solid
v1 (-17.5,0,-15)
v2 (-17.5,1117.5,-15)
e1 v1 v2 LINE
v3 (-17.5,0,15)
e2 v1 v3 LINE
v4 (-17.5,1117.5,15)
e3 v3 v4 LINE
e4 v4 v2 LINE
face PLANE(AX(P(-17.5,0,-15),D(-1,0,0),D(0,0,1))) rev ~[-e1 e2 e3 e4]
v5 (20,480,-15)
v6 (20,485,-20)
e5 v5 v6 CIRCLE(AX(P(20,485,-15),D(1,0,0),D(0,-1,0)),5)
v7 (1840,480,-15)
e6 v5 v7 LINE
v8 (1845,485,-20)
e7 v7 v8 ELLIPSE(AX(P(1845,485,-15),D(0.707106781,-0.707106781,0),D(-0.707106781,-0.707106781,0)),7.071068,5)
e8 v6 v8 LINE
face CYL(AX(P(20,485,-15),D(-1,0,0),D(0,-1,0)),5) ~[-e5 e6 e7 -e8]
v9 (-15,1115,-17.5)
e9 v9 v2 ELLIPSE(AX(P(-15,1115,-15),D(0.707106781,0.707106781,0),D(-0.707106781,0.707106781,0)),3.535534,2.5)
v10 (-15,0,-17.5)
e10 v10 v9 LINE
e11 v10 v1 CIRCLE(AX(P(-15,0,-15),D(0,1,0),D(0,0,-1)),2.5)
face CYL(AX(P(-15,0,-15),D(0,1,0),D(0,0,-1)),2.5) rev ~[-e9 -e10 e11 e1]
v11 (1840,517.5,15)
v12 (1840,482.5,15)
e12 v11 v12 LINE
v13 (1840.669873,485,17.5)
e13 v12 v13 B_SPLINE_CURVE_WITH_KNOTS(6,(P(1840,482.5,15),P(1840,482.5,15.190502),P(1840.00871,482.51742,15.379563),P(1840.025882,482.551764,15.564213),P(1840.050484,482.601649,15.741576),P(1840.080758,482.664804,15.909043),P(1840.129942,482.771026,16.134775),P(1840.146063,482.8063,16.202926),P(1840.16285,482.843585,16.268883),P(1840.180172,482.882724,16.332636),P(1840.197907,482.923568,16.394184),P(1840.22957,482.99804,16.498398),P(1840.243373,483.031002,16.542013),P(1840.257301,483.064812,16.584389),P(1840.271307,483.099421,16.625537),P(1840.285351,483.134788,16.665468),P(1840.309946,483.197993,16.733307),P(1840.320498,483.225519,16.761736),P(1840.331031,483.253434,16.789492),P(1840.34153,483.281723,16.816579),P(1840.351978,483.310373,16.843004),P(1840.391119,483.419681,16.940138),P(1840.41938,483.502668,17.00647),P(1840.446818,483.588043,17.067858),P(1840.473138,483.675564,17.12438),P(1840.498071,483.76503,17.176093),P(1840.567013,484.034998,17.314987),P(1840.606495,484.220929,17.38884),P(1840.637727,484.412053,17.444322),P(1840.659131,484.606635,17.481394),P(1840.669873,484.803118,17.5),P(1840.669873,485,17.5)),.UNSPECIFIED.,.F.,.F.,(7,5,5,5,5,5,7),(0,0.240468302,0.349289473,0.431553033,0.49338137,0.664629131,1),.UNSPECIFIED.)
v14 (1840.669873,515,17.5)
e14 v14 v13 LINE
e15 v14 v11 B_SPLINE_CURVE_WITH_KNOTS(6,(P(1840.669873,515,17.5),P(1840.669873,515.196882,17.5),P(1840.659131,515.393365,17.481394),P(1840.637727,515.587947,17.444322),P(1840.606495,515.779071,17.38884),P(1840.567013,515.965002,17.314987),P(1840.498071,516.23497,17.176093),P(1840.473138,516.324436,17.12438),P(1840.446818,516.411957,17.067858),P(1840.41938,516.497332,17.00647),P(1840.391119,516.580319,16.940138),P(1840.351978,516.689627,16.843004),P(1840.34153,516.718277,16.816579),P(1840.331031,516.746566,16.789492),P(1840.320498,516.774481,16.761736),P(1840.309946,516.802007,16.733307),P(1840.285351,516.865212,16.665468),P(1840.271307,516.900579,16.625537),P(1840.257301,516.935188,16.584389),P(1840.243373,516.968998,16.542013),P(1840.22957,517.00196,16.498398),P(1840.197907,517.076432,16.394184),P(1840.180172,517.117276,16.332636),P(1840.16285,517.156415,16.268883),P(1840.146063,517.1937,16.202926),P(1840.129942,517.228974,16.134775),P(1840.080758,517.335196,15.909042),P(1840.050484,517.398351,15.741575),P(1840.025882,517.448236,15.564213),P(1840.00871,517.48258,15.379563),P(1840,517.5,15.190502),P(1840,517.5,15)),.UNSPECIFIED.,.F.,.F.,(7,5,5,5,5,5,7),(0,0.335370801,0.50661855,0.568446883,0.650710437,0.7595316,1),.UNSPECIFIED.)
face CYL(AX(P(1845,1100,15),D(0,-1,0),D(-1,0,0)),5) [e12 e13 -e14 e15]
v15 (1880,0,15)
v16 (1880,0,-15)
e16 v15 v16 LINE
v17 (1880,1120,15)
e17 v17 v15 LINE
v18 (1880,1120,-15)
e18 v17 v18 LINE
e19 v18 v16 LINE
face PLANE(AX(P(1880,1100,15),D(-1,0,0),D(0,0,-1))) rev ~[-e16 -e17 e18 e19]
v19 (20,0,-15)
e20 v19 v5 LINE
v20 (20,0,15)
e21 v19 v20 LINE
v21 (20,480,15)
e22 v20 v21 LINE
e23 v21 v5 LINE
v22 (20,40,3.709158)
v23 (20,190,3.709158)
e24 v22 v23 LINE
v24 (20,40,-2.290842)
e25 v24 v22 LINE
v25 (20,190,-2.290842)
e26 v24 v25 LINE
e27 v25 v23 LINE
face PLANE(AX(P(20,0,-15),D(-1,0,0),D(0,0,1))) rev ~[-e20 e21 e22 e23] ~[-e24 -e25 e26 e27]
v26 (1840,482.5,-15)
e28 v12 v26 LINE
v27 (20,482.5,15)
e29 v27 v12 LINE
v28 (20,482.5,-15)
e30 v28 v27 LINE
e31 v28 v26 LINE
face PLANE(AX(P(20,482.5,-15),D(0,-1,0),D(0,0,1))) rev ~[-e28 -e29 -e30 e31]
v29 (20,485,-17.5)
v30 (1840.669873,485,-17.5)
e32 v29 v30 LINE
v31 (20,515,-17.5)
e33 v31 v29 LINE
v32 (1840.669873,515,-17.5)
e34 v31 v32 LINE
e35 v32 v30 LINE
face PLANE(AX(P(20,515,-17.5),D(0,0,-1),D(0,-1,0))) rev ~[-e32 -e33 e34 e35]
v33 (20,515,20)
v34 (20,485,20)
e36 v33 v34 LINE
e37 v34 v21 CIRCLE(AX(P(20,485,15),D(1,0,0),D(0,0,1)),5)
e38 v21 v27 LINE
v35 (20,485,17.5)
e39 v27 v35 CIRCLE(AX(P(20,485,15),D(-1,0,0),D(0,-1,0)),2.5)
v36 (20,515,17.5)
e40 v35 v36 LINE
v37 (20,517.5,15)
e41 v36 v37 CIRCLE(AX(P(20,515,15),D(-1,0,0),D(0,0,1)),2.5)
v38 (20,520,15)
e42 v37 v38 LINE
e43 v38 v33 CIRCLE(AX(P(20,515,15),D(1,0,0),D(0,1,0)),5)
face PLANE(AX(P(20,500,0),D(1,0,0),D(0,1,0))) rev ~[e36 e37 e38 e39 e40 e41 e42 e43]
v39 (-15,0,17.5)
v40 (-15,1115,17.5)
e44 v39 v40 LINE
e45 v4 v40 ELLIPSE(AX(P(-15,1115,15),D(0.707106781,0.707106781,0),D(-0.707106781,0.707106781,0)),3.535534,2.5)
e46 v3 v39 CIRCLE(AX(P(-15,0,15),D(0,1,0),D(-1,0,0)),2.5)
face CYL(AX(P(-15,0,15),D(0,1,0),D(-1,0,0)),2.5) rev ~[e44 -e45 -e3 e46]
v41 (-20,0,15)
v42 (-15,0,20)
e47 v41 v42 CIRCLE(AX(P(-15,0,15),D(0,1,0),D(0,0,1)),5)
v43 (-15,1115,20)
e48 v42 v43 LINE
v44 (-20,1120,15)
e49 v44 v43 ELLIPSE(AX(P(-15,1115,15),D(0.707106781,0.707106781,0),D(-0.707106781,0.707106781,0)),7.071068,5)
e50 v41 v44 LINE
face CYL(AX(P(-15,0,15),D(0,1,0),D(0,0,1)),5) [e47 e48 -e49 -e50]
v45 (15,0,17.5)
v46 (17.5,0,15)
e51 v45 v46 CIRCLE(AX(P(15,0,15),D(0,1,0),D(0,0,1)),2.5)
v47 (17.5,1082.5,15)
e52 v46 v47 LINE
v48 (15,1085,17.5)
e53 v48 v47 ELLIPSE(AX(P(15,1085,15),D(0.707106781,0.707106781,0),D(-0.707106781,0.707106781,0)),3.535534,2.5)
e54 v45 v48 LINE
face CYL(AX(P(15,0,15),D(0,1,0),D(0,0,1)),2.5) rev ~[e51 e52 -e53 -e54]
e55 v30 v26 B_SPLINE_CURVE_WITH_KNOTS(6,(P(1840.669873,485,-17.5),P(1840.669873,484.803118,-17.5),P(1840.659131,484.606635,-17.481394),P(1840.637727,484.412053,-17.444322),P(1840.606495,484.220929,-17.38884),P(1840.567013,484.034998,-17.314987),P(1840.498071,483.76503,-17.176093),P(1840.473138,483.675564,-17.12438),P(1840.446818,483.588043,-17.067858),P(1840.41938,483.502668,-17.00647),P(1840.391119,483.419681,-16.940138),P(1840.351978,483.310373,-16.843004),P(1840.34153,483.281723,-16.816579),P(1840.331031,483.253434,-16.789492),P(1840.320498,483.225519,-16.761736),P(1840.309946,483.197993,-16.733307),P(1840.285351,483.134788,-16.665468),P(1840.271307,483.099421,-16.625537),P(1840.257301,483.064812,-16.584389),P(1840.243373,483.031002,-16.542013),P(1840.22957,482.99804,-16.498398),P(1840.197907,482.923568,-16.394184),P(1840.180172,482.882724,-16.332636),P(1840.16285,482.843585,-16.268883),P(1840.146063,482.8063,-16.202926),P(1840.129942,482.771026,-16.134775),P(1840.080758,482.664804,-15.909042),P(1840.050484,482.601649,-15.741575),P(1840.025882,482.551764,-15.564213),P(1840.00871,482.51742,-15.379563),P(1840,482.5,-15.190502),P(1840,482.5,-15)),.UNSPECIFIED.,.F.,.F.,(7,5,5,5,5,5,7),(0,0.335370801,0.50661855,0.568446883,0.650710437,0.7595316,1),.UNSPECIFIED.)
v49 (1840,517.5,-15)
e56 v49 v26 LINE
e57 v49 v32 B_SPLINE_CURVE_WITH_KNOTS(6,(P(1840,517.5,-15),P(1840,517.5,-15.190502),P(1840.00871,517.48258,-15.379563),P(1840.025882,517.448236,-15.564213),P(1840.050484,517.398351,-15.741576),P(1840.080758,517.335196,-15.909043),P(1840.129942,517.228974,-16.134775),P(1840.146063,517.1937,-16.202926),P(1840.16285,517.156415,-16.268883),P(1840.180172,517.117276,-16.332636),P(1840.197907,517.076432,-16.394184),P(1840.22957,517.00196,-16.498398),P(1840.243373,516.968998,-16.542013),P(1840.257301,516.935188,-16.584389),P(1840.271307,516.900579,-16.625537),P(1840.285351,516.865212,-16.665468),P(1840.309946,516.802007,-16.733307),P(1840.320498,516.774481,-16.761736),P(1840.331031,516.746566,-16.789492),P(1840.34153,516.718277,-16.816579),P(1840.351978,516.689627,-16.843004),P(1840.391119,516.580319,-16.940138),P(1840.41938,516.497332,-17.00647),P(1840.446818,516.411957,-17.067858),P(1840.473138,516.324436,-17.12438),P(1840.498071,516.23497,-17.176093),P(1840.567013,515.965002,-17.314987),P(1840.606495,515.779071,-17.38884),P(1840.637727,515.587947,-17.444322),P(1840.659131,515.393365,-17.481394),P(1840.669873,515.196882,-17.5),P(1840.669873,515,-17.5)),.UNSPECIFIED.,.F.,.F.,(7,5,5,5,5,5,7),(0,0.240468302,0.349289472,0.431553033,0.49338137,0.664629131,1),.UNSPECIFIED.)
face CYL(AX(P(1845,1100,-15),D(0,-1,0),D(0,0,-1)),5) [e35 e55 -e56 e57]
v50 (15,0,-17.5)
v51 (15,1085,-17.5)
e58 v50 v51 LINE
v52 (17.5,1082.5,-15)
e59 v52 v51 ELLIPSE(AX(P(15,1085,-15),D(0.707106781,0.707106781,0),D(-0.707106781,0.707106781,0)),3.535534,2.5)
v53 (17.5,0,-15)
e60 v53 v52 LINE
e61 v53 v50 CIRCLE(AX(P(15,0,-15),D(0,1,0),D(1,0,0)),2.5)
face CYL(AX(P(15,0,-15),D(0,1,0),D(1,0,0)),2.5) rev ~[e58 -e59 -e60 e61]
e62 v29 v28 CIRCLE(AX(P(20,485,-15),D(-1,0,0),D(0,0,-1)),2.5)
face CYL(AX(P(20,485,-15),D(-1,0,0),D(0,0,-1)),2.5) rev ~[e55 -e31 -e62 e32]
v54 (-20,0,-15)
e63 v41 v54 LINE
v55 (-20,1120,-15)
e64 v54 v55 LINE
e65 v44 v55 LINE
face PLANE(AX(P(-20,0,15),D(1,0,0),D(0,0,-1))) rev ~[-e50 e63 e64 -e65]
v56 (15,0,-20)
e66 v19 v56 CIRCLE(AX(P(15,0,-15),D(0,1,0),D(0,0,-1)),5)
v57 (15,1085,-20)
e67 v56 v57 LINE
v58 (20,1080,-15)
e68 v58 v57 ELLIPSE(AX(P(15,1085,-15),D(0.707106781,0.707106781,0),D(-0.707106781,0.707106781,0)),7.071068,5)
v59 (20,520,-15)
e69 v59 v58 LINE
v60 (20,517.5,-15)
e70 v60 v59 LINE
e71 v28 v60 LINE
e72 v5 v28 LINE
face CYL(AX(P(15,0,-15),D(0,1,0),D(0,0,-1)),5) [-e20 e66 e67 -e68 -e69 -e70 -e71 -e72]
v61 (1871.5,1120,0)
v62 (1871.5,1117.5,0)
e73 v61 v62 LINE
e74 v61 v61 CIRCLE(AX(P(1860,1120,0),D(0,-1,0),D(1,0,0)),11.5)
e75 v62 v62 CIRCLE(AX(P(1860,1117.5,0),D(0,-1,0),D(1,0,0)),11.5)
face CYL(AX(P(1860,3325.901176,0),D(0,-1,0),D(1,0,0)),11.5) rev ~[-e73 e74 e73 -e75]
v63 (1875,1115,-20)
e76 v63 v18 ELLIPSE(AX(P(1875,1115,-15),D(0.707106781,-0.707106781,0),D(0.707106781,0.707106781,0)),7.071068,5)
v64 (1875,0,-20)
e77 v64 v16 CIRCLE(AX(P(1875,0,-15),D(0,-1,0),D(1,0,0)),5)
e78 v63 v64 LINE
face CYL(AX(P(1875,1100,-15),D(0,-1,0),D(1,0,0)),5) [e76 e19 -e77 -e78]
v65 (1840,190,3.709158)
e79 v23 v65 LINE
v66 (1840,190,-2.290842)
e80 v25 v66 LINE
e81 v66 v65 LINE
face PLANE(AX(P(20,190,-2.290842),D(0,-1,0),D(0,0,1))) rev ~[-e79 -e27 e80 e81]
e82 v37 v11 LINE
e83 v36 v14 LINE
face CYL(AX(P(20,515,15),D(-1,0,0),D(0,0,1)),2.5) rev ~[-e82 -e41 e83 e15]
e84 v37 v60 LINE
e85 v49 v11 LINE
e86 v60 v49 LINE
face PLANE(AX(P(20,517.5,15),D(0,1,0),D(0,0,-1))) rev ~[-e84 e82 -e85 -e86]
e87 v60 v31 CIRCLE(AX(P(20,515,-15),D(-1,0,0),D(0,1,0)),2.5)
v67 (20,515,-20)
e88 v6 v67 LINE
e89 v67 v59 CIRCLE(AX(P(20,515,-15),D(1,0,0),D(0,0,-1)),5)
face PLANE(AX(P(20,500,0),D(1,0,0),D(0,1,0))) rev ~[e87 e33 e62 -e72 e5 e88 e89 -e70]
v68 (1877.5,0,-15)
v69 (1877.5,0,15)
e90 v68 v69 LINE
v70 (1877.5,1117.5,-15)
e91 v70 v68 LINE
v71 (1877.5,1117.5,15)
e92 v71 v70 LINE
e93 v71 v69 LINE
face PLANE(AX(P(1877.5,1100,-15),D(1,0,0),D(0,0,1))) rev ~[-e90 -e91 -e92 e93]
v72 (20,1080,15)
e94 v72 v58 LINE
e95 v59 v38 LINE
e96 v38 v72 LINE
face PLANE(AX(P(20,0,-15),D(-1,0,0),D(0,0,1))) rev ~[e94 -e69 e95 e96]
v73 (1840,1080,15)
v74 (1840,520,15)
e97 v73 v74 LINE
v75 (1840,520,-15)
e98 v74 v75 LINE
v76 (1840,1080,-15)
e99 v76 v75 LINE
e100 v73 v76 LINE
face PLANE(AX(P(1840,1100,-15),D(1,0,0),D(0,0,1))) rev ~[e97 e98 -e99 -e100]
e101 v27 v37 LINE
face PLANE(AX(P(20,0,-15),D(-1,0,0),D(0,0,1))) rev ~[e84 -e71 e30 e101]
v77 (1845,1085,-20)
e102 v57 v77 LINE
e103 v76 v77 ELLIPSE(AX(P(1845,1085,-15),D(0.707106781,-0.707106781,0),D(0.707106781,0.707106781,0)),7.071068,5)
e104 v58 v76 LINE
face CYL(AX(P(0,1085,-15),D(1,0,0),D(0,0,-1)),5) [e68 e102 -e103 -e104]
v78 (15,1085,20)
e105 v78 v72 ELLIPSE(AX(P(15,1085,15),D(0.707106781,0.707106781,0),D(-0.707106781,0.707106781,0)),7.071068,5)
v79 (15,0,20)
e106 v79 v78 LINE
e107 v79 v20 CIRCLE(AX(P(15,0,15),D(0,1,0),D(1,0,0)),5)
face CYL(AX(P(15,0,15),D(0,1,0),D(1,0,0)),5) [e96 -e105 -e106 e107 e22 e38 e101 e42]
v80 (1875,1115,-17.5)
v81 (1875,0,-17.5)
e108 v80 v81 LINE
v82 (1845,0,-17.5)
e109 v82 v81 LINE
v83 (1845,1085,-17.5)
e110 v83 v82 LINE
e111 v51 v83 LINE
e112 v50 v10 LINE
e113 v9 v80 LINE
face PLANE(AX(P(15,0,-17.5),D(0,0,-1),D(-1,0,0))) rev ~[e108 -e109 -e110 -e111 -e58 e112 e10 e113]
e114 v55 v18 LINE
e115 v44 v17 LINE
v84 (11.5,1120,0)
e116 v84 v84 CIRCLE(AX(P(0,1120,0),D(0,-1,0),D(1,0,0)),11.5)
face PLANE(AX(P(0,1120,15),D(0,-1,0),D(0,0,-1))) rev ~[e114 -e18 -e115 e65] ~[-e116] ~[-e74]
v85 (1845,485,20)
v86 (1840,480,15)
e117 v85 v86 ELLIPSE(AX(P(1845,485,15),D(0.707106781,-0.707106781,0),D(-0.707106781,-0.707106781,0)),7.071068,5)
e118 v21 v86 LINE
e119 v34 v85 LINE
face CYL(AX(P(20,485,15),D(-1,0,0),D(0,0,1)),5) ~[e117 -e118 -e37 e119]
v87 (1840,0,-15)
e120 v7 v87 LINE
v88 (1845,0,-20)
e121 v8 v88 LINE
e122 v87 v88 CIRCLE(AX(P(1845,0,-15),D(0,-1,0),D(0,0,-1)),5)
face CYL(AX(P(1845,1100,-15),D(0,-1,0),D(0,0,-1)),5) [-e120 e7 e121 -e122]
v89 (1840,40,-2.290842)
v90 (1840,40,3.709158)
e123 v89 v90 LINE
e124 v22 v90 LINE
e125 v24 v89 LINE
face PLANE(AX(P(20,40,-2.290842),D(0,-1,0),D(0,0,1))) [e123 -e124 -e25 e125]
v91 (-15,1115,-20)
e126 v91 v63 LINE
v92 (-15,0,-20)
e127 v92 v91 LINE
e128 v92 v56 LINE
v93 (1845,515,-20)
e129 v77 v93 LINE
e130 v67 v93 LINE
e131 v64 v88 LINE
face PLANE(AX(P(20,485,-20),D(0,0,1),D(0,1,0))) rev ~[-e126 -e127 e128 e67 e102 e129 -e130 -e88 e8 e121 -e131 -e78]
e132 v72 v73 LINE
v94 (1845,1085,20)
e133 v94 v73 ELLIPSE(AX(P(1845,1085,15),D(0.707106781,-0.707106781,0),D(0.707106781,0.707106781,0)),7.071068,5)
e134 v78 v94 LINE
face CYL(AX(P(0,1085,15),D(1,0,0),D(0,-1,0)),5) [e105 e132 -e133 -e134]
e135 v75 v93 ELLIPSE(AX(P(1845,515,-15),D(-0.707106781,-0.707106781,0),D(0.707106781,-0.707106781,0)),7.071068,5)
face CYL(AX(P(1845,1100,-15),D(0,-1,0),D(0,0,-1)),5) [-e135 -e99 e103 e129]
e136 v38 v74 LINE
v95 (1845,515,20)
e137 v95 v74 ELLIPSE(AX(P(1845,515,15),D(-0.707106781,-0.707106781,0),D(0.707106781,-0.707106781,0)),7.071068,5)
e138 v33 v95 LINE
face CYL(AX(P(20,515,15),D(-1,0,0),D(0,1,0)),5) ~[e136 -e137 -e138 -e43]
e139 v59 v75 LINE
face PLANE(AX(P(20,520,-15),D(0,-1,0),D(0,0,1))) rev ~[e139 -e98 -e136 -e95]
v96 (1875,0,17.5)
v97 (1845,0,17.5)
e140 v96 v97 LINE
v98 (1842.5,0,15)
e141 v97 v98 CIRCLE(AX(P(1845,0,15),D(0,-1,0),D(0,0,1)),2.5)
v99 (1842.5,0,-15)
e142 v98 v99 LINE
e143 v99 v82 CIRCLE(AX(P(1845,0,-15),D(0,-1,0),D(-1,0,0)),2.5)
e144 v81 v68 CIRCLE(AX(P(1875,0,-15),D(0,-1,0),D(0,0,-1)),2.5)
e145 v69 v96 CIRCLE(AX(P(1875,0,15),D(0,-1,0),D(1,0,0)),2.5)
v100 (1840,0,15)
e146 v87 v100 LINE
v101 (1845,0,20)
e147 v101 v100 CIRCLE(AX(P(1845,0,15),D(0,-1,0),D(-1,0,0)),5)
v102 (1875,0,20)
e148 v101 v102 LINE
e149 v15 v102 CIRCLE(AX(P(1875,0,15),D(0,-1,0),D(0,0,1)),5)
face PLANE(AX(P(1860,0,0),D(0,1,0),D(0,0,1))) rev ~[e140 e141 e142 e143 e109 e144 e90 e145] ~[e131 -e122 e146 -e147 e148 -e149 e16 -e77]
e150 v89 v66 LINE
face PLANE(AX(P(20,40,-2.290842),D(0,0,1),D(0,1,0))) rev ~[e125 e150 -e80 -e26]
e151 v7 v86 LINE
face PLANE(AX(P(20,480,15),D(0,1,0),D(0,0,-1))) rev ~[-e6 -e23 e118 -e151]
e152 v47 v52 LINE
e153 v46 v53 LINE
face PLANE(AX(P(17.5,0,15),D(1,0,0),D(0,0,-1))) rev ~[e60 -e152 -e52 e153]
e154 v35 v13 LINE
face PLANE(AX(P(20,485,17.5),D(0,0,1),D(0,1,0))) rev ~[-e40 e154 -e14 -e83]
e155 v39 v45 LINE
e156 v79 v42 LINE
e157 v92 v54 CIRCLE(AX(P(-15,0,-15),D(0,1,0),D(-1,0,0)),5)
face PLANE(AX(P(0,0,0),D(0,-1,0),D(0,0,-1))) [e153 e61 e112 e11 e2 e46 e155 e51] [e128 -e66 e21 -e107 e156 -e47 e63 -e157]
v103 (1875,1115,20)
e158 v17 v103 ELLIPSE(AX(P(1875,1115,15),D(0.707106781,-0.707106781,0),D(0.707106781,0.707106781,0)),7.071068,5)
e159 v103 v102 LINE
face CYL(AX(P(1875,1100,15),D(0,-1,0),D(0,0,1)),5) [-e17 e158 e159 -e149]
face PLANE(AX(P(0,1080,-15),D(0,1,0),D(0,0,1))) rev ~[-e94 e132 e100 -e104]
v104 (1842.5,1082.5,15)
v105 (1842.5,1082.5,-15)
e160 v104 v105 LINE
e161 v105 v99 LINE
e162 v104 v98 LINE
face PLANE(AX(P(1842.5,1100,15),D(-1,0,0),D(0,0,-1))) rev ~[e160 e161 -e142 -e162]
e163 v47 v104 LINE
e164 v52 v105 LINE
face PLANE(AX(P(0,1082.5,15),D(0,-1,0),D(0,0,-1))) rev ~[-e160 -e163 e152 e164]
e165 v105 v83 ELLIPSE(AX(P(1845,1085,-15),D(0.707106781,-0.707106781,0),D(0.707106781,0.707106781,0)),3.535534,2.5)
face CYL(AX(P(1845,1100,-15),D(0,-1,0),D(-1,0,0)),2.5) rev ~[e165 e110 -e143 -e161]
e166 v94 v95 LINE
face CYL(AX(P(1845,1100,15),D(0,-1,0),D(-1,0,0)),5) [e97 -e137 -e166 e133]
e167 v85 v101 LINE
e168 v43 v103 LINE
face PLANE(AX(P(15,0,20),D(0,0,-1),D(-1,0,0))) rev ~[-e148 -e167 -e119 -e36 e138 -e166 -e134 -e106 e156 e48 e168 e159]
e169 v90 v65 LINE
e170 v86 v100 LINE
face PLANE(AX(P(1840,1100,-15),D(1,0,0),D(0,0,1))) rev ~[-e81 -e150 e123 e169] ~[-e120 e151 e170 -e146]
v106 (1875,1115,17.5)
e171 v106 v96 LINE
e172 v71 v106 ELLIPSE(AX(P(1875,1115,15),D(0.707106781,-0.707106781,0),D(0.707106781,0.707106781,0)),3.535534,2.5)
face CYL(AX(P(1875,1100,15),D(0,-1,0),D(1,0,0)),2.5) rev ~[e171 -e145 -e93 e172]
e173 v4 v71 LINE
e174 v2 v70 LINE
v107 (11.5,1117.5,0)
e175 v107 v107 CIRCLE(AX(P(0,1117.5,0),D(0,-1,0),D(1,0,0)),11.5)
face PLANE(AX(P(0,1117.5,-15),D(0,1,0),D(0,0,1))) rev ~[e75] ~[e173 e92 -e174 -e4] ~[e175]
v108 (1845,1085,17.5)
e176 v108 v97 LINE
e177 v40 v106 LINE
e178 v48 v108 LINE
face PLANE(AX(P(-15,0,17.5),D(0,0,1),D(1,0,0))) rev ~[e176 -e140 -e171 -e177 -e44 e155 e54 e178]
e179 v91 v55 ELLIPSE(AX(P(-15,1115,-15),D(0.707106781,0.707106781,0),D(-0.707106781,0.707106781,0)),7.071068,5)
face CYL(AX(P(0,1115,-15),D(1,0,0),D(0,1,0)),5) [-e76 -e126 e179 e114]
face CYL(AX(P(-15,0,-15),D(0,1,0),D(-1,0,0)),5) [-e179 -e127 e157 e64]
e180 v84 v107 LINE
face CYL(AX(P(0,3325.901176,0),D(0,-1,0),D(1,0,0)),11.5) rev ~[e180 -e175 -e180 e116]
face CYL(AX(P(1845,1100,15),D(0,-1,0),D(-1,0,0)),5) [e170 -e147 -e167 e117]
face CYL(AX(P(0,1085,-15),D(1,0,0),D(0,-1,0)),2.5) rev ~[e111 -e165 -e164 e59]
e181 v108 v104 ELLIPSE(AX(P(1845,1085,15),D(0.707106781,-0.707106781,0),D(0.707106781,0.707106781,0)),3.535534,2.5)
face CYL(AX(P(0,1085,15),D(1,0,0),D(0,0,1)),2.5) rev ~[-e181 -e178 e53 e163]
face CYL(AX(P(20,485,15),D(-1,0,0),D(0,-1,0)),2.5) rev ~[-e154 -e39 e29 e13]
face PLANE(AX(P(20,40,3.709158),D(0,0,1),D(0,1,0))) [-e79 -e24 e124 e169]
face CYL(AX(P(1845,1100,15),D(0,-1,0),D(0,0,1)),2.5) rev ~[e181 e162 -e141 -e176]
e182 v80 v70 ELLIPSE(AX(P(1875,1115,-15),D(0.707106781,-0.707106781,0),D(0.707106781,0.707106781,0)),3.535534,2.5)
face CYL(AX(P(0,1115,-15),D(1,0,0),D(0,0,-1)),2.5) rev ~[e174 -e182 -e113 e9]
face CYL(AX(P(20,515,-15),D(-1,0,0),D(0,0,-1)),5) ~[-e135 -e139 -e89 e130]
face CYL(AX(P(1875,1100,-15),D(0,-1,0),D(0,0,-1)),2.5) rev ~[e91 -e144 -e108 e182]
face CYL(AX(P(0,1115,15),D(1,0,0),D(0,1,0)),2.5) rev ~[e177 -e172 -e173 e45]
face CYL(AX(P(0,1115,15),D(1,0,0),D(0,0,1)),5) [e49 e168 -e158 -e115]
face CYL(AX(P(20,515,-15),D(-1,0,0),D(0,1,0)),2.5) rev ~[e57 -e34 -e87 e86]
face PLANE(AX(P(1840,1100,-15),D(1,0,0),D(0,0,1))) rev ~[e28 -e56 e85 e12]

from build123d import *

# Parameters (mm, degrees)
F5_W     = 150
F5_H     = 6
F6_DEPTH = 1820
F8_D     = 23


with BuildPart() as f2:
    # F2: sweep along a path in F1
    with BuildLine(Plane.XY) as f2_path:
        Line((0, 0), (0, 1100))
        Line((0, 1100), (1860, 1100))
        Line((1860, 1100), (1860, 0))
    # F0 (on Front) → F2 (sweep)
    with BuildSketch(Plane.XZ):
        with BuildLine():
            Line((-15, -20), (15, -20))
            ThreePointArc((15, -20), (18.5355339059, -18.5355339059), (20, -15))
            Line((20, -15), (20, 15))
            ThreePointArc((20, 15), (18.5355339059, 18.5355339059), (15, 20))
            Line((15, 20), (-15, 20))
            ThreePointArc((-15, 20), (-18.5355339059, 18.5355339059), (-20, 15))
            Line((-20, 15), (-20, -15))
            ThreePointArc((-20, -15), (-18.5355339059, -18.5355339059), (-15, -20))
        make_face()
        with BuildLine():
            ThreePointArc((-15, -17.5), (-16.767766953, -16.767766953), (-17.5, -15))
            Line((-17.5, -15), (-17.5, 15))
            ThreePointArc((-17.5, 15), (-16.767766953, 16.767766953), (-15, 17.5))
            Line((-15, 17.5), (15, 17.5))
            ThreePointArc((15, 17.5), (16.767766953, 16.767766953), (17.5, 15))
            Line((17.5, 15), (17.5, -15))
            ThreePointArc((17.5, -15), (16.767766953, -16.767766953), (15, -17.5))
            Line((15, -17.5), (-15, -17.5))
        make_face(mode=Mode.SUBTRACT)
    sweep(path=f2_path.line, transition=Transition.RIGHT)

    # F3 (on face) → F4 (join, up to the next surface of F2)
    with BuildSketch(Plane.YZ.offset(20)):
        with BuildLine():
            Line((485, -20), (515, -20))
            ThreePointArc((515, -20), (518.5355339059, -18.5355339059), (520, -15))
            Line((520, -15), (520, 15))
            ThreePointArc((520, 15), (518.5355339059, 18.5355339059), (515, 20))
            Line((515, 20), (485, 20))
            ThreePointArc((485, 20), (481.4644660941, 18.5355339059), (480, 15))
            Line((480, 15), (480, -15))
            ThreePointArc((480, -15), (481.4644660941, -18.5355339059), (485, -20))
        make_face()
        with BuildLine():
            ThreePointArc((485, -17.5), (483.232233047, -16.767766953), (482.5, -15))
            Line((482.5, -15), (482.5, 15))
            ThreePointArc((482.5, 15), (483.232233047, 16.767766953), (485, 17.5))
            Line((485, 17.5), (515, 17.5))
            ThreePointArc((515, 17.5), (516.767766953, 16.767766953), (517.5, 15))
            Line((517.5, 15), (517.5, -15))
            ThreePointArc((517.5, -15), (516.767766953, -16.767766953), (515, -17.5))
            Line((515, -17.5), (485, -17.5))
        make_face(mode=Mode.SUBTRACT)
    extrude(until=Until.NEXT)

    # F5 (on face) → F6 (join, through all)
    with BuildSketch(Plane.YZ.offset(20)):
        with Locations((115, 0.7091578767)):
            Rectangle(F5_W, F5_H)
    extrude(amount=F6_DEPTH)

    # F8 (through all)
    with Locations(Plane(origin=(0, 1120, 0), x_dir=(-1, 0, 0), z_dir=(0, 1, 0))):
        with Locations((0, 0), (-1860, 0)):
            Hole(F8_D / 2)


solid = f2.part
